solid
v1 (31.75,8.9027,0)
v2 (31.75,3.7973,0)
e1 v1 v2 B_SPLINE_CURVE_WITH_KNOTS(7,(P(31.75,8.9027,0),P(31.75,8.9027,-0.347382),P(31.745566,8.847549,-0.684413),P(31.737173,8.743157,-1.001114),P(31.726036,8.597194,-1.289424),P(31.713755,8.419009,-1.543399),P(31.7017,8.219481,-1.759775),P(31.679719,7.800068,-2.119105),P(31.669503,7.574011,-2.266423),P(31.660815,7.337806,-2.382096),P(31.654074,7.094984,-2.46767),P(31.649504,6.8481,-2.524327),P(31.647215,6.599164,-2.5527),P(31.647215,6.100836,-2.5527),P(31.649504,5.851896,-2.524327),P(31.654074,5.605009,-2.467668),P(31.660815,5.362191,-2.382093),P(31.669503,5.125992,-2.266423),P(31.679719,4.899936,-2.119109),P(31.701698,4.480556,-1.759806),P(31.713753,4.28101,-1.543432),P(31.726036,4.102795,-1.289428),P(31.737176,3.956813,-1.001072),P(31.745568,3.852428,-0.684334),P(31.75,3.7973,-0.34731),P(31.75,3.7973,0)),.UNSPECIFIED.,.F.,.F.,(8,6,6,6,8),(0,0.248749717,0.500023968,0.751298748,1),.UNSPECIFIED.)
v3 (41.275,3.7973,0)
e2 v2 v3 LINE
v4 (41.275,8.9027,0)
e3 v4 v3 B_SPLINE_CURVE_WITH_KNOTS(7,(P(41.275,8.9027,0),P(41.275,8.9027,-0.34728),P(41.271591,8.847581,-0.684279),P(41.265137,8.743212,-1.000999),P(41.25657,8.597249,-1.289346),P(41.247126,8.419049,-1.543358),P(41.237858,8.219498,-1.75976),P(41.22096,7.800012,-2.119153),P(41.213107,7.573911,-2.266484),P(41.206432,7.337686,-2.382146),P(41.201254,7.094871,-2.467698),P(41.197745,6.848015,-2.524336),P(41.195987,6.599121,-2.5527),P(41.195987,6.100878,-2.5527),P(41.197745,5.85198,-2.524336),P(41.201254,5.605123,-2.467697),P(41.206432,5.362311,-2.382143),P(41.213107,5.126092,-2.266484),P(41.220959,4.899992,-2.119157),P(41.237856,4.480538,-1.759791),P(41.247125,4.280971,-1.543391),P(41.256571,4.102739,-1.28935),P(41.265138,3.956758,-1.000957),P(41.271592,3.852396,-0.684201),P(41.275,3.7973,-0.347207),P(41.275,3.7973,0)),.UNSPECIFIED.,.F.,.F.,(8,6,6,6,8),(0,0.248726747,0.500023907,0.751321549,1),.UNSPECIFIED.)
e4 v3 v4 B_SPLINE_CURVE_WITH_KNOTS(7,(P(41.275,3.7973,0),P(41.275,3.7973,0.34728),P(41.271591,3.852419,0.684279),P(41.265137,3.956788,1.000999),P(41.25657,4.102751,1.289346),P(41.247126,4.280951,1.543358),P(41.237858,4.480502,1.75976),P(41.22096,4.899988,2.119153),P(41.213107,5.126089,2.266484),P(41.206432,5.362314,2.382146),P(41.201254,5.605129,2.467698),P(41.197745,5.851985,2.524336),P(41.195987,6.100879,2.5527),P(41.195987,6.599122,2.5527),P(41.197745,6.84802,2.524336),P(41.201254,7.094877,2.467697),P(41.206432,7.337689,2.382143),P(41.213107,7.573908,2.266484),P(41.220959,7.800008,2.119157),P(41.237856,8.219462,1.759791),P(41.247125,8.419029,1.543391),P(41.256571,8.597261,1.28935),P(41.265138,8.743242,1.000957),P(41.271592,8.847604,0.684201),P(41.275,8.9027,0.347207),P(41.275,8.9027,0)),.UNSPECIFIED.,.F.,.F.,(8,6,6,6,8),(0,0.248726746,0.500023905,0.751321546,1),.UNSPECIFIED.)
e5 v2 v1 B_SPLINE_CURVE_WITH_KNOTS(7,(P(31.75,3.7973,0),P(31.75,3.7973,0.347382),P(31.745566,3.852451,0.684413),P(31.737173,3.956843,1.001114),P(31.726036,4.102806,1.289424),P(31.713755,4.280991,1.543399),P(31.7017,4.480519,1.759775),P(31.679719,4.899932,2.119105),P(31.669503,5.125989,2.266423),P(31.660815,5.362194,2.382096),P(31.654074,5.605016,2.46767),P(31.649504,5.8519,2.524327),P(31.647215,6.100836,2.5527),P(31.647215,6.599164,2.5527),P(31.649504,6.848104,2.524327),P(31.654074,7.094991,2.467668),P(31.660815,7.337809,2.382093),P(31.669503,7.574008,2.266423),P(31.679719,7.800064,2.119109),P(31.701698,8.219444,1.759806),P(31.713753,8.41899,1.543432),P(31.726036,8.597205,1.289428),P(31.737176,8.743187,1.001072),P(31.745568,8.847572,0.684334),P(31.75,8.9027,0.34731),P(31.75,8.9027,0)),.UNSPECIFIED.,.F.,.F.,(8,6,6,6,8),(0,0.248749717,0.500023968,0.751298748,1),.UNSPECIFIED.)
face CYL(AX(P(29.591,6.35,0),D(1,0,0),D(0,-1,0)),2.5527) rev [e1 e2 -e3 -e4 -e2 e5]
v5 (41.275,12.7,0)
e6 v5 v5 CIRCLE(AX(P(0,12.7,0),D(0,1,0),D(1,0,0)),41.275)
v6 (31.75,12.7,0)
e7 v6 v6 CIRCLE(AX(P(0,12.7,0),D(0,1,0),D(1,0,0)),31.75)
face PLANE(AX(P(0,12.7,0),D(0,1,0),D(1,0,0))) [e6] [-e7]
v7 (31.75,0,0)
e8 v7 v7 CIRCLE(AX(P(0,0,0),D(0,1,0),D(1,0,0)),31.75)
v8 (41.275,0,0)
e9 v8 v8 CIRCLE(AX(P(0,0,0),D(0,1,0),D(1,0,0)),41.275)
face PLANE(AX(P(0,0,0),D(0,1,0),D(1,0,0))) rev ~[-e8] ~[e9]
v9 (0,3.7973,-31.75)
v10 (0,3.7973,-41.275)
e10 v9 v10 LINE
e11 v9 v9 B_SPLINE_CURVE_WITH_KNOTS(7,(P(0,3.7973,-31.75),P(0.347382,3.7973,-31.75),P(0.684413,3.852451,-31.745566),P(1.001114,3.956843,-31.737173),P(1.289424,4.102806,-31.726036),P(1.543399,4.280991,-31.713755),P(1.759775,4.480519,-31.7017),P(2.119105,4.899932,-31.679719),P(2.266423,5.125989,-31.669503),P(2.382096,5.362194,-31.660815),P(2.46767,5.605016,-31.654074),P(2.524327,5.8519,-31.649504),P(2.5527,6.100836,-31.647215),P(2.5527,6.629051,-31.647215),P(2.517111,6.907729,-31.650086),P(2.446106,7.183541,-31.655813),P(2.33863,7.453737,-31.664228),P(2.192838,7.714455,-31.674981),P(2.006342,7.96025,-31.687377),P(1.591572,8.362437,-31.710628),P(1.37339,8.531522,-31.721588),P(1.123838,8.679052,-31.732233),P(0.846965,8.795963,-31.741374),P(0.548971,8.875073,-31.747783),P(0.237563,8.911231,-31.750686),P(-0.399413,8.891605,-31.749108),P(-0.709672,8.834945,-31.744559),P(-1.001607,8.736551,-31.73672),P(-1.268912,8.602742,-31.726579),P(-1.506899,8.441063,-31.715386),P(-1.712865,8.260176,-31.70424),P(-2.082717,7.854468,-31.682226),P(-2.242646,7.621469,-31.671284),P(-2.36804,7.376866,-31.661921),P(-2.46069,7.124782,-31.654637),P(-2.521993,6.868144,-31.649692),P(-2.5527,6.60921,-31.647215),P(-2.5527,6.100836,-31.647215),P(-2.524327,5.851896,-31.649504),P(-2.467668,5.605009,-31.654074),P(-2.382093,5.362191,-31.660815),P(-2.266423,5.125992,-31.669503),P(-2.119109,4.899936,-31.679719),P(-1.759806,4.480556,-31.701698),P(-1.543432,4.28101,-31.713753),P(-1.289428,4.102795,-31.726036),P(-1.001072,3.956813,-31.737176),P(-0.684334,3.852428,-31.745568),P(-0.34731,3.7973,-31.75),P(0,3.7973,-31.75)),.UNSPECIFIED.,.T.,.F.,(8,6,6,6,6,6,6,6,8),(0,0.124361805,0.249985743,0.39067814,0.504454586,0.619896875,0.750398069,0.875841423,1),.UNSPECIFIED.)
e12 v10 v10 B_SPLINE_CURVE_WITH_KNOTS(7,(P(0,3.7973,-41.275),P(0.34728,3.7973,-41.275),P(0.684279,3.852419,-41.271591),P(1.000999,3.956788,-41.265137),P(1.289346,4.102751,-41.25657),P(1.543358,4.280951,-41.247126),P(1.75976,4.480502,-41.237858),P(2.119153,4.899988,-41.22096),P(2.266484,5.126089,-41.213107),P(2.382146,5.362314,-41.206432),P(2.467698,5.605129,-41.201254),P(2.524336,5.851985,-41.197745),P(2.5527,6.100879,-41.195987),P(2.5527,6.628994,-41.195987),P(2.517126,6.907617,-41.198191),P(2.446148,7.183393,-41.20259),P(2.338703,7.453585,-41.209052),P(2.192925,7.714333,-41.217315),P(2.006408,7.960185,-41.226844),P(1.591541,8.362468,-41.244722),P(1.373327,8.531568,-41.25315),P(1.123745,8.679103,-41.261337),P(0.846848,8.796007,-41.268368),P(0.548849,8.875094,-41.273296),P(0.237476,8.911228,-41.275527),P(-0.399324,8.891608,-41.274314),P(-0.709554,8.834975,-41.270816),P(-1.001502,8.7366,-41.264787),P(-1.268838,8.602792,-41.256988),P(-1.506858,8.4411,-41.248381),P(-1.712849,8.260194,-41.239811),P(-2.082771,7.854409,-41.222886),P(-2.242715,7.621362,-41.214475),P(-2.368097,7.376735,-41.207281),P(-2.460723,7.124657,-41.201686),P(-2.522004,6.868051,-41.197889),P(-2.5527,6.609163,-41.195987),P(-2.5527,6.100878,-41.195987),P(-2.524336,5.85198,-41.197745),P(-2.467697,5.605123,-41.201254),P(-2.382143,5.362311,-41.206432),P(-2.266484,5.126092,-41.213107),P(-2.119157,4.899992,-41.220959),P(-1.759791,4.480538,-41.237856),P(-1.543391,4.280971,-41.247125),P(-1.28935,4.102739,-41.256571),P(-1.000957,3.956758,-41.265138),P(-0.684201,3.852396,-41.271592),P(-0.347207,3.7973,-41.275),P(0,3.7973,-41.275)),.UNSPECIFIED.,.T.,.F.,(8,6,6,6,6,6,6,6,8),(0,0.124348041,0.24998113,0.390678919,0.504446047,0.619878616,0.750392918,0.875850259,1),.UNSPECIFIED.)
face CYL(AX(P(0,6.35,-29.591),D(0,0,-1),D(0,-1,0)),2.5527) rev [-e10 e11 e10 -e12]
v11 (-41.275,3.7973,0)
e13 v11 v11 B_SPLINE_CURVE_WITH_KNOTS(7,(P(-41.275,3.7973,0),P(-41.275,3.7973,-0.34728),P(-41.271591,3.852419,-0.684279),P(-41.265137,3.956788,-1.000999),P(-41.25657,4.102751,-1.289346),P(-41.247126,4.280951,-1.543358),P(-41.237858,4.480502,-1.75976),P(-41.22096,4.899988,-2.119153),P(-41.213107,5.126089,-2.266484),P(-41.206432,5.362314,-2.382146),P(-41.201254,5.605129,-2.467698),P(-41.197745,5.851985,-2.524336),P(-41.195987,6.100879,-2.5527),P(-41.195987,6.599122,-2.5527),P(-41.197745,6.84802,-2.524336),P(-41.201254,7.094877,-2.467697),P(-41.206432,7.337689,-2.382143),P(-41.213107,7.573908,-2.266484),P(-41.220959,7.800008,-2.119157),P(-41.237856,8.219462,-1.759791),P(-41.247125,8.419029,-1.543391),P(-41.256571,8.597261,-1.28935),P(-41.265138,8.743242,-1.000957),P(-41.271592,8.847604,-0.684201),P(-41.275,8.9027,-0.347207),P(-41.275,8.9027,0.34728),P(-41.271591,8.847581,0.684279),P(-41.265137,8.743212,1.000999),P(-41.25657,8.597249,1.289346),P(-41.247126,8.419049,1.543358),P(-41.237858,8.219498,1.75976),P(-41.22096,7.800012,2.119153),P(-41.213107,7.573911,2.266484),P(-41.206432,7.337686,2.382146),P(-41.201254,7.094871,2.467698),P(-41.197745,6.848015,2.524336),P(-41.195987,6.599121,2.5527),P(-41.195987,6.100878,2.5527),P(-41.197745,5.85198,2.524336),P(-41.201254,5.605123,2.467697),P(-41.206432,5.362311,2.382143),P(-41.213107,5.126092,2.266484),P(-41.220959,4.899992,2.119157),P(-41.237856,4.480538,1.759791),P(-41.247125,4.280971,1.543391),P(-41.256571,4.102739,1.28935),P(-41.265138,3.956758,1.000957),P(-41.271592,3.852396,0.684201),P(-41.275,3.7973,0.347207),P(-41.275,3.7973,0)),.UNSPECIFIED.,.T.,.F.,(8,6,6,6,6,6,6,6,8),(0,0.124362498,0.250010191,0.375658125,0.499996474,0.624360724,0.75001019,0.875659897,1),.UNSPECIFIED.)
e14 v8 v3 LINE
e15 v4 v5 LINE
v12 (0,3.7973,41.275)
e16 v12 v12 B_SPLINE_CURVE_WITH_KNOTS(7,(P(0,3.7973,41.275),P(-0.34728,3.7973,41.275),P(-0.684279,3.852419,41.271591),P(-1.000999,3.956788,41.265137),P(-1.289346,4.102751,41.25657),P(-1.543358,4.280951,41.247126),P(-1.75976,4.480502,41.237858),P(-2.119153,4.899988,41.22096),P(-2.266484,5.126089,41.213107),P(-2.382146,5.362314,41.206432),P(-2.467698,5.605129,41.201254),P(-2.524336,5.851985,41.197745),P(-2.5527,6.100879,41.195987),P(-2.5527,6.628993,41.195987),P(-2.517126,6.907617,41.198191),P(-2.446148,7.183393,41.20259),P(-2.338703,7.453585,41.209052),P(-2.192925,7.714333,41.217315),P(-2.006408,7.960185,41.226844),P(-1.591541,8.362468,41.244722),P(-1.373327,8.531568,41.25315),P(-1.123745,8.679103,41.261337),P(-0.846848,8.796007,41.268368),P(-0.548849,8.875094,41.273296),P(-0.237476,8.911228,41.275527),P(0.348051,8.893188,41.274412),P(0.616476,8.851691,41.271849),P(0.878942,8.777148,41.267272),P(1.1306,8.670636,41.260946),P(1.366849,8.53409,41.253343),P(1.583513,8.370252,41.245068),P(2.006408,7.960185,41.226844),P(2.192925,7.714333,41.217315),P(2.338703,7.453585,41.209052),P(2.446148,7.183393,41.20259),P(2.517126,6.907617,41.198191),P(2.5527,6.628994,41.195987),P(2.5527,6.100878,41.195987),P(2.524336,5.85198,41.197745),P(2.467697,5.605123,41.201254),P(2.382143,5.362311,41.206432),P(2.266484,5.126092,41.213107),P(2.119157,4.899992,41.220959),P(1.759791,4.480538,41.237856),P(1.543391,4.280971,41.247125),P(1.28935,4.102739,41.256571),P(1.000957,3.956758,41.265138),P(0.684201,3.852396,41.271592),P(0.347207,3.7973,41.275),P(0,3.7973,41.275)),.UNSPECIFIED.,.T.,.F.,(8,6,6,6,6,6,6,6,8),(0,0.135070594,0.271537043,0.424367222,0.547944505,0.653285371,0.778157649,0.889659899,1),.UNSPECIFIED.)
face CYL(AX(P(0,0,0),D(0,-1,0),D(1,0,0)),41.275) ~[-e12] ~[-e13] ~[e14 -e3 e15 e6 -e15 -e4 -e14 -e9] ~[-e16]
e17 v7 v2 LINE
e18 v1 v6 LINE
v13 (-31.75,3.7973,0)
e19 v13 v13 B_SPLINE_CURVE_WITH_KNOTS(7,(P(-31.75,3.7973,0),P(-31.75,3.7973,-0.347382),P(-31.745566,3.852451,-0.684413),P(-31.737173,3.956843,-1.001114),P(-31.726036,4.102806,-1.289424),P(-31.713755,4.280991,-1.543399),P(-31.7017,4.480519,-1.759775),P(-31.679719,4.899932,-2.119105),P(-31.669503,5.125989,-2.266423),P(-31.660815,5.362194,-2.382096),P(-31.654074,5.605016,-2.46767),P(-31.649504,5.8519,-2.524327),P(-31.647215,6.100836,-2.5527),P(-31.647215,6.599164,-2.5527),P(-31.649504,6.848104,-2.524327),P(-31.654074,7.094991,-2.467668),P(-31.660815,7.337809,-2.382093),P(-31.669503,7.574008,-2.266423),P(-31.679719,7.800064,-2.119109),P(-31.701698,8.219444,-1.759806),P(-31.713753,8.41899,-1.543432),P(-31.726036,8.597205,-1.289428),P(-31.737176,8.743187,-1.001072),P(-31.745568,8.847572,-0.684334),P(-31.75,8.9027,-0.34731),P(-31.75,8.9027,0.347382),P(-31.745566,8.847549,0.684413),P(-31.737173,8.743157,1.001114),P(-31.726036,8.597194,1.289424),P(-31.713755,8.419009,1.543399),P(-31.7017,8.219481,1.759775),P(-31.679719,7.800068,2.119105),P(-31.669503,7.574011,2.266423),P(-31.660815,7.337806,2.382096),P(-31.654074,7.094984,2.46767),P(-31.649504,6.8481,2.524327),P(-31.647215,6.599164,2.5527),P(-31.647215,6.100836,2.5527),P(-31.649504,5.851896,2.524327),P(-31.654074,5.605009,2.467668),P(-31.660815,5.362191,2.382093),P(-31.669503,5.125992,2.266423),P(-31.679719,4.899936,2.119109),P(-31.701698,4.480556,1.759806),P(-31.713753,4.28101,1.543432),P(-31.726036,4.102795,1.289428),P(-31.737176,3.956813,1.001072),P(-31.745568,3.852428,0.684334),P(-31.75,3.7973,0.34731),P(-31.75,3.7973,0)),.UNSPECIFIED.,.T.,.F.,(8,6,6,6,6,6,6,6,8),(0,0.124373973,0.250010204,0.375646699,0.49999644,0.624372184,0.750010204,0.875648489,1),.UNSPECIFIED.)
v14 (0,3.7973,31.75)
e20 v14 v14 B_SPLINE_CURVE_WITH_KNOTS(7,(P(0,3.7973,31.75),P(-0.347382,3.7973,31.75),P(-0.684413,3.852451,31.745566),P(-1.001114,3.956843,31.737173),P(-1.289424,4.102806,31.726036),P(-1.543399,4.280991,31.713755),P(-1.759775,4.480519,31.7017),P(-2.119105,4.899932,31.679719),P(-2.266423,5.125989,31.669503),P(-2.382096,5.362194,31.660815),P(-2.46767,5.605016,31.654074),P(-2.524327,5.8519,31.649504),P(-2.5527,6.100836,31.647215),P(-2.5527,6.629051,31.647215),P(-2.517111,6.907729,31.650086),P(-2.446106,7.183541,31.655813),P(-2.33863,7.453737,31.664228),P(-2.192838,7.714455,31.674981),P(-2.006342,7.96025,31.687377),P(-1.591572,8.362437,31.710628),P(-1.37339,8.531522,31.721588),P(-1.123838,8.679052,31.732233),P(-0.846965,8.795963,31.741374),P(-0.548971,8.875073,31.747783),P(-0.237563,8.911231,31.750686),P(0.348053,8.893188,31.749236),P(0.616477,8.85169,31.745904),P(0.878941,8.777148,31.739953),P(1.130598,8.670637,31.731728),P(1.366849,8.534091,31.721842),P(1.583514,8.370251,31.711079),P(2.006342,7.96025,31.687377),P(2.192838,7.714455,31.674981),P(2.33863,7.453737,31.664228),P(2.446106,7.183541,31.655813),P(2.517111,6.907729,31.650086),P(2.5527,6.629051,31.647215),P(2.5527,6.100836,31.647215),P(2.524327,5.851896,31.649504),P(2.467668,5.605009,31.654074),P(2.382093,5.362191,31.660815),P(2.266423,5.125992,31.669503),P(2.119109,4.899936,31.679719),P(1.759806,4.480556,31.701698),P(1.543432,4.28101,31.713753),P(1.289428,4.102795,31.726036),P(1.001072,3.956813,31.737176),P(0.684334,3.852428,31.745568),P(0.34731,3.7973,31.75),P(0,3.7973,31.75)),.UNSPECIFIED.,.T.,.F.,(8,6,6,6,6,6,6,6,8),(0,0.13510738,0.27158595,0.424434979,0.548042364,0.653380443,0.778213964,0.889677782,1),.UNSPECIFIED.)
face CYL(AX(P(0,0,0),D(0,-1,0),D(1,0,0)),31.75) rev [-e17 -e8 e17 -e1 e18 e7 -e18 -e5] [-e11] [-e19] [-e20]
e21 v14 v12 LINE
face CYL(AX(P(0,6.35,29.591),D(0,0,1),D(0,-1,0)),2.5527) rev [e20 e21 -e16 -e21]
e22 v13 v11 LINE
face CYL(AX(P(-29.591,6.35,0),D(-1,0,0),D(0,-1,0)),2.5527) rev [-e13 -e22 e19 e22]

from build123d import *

# Parameters (mm, degrees)
SKETCH1_R           = 41.275
SKETCH1_R_2         = 31.75
BOSS_EXTRUDE1_DEPTH = 12.7
CIRPATTERN1_COUNT   = 4


with BuildPart() as part:
    # Sketch1 → Boss-Extrude1 (new body)
    with BuildSketch(Plane(origin=(0, 0, 0), x_dir=(1, 0, 0), z_dir=(0, 1, 0))):
        Circle(SKETCH1_R)
        Circle(SKETCH1_R_2, mode=Mode.SUBTRACT)
    extrude(amount=BOSS_EXTRUDE1_DEPTH)

    # Sketch3 → #7 (0.201) Diameter Hole1 (revolve, cut)
    with BuildSketch(Plane(origin=(0, 6.35, 41.275), x_dir=(0, -1, 0), z_dir=(1, 0, 0))):
        Polygon((0, 0), (0, 13.217816902), (2.5527, 11.684), (2.5527, 0), align=None)
    f_7_0_201_diameter_hole1 = revolve(axis=Axis((0, 6.35, 47.625), (0, 0, -1)), mode=Mode.SUBTRACT)

    # CirPattern1: #7 (0.201) Diameter Hole1 ×4 about axis
    cirpattern1_axis = Axis((0, -0.3175, 0), (0, 1, 0))
    for i in range(1, CIRPATTERN1_COUNT):
        add(f_7_0_201_diameter_hole1.rotate(cirpattern1_axis, i * 360 / CIRPATTERN1_COUNT), mode=Mode.SUBTRACT)


solid = part.part
